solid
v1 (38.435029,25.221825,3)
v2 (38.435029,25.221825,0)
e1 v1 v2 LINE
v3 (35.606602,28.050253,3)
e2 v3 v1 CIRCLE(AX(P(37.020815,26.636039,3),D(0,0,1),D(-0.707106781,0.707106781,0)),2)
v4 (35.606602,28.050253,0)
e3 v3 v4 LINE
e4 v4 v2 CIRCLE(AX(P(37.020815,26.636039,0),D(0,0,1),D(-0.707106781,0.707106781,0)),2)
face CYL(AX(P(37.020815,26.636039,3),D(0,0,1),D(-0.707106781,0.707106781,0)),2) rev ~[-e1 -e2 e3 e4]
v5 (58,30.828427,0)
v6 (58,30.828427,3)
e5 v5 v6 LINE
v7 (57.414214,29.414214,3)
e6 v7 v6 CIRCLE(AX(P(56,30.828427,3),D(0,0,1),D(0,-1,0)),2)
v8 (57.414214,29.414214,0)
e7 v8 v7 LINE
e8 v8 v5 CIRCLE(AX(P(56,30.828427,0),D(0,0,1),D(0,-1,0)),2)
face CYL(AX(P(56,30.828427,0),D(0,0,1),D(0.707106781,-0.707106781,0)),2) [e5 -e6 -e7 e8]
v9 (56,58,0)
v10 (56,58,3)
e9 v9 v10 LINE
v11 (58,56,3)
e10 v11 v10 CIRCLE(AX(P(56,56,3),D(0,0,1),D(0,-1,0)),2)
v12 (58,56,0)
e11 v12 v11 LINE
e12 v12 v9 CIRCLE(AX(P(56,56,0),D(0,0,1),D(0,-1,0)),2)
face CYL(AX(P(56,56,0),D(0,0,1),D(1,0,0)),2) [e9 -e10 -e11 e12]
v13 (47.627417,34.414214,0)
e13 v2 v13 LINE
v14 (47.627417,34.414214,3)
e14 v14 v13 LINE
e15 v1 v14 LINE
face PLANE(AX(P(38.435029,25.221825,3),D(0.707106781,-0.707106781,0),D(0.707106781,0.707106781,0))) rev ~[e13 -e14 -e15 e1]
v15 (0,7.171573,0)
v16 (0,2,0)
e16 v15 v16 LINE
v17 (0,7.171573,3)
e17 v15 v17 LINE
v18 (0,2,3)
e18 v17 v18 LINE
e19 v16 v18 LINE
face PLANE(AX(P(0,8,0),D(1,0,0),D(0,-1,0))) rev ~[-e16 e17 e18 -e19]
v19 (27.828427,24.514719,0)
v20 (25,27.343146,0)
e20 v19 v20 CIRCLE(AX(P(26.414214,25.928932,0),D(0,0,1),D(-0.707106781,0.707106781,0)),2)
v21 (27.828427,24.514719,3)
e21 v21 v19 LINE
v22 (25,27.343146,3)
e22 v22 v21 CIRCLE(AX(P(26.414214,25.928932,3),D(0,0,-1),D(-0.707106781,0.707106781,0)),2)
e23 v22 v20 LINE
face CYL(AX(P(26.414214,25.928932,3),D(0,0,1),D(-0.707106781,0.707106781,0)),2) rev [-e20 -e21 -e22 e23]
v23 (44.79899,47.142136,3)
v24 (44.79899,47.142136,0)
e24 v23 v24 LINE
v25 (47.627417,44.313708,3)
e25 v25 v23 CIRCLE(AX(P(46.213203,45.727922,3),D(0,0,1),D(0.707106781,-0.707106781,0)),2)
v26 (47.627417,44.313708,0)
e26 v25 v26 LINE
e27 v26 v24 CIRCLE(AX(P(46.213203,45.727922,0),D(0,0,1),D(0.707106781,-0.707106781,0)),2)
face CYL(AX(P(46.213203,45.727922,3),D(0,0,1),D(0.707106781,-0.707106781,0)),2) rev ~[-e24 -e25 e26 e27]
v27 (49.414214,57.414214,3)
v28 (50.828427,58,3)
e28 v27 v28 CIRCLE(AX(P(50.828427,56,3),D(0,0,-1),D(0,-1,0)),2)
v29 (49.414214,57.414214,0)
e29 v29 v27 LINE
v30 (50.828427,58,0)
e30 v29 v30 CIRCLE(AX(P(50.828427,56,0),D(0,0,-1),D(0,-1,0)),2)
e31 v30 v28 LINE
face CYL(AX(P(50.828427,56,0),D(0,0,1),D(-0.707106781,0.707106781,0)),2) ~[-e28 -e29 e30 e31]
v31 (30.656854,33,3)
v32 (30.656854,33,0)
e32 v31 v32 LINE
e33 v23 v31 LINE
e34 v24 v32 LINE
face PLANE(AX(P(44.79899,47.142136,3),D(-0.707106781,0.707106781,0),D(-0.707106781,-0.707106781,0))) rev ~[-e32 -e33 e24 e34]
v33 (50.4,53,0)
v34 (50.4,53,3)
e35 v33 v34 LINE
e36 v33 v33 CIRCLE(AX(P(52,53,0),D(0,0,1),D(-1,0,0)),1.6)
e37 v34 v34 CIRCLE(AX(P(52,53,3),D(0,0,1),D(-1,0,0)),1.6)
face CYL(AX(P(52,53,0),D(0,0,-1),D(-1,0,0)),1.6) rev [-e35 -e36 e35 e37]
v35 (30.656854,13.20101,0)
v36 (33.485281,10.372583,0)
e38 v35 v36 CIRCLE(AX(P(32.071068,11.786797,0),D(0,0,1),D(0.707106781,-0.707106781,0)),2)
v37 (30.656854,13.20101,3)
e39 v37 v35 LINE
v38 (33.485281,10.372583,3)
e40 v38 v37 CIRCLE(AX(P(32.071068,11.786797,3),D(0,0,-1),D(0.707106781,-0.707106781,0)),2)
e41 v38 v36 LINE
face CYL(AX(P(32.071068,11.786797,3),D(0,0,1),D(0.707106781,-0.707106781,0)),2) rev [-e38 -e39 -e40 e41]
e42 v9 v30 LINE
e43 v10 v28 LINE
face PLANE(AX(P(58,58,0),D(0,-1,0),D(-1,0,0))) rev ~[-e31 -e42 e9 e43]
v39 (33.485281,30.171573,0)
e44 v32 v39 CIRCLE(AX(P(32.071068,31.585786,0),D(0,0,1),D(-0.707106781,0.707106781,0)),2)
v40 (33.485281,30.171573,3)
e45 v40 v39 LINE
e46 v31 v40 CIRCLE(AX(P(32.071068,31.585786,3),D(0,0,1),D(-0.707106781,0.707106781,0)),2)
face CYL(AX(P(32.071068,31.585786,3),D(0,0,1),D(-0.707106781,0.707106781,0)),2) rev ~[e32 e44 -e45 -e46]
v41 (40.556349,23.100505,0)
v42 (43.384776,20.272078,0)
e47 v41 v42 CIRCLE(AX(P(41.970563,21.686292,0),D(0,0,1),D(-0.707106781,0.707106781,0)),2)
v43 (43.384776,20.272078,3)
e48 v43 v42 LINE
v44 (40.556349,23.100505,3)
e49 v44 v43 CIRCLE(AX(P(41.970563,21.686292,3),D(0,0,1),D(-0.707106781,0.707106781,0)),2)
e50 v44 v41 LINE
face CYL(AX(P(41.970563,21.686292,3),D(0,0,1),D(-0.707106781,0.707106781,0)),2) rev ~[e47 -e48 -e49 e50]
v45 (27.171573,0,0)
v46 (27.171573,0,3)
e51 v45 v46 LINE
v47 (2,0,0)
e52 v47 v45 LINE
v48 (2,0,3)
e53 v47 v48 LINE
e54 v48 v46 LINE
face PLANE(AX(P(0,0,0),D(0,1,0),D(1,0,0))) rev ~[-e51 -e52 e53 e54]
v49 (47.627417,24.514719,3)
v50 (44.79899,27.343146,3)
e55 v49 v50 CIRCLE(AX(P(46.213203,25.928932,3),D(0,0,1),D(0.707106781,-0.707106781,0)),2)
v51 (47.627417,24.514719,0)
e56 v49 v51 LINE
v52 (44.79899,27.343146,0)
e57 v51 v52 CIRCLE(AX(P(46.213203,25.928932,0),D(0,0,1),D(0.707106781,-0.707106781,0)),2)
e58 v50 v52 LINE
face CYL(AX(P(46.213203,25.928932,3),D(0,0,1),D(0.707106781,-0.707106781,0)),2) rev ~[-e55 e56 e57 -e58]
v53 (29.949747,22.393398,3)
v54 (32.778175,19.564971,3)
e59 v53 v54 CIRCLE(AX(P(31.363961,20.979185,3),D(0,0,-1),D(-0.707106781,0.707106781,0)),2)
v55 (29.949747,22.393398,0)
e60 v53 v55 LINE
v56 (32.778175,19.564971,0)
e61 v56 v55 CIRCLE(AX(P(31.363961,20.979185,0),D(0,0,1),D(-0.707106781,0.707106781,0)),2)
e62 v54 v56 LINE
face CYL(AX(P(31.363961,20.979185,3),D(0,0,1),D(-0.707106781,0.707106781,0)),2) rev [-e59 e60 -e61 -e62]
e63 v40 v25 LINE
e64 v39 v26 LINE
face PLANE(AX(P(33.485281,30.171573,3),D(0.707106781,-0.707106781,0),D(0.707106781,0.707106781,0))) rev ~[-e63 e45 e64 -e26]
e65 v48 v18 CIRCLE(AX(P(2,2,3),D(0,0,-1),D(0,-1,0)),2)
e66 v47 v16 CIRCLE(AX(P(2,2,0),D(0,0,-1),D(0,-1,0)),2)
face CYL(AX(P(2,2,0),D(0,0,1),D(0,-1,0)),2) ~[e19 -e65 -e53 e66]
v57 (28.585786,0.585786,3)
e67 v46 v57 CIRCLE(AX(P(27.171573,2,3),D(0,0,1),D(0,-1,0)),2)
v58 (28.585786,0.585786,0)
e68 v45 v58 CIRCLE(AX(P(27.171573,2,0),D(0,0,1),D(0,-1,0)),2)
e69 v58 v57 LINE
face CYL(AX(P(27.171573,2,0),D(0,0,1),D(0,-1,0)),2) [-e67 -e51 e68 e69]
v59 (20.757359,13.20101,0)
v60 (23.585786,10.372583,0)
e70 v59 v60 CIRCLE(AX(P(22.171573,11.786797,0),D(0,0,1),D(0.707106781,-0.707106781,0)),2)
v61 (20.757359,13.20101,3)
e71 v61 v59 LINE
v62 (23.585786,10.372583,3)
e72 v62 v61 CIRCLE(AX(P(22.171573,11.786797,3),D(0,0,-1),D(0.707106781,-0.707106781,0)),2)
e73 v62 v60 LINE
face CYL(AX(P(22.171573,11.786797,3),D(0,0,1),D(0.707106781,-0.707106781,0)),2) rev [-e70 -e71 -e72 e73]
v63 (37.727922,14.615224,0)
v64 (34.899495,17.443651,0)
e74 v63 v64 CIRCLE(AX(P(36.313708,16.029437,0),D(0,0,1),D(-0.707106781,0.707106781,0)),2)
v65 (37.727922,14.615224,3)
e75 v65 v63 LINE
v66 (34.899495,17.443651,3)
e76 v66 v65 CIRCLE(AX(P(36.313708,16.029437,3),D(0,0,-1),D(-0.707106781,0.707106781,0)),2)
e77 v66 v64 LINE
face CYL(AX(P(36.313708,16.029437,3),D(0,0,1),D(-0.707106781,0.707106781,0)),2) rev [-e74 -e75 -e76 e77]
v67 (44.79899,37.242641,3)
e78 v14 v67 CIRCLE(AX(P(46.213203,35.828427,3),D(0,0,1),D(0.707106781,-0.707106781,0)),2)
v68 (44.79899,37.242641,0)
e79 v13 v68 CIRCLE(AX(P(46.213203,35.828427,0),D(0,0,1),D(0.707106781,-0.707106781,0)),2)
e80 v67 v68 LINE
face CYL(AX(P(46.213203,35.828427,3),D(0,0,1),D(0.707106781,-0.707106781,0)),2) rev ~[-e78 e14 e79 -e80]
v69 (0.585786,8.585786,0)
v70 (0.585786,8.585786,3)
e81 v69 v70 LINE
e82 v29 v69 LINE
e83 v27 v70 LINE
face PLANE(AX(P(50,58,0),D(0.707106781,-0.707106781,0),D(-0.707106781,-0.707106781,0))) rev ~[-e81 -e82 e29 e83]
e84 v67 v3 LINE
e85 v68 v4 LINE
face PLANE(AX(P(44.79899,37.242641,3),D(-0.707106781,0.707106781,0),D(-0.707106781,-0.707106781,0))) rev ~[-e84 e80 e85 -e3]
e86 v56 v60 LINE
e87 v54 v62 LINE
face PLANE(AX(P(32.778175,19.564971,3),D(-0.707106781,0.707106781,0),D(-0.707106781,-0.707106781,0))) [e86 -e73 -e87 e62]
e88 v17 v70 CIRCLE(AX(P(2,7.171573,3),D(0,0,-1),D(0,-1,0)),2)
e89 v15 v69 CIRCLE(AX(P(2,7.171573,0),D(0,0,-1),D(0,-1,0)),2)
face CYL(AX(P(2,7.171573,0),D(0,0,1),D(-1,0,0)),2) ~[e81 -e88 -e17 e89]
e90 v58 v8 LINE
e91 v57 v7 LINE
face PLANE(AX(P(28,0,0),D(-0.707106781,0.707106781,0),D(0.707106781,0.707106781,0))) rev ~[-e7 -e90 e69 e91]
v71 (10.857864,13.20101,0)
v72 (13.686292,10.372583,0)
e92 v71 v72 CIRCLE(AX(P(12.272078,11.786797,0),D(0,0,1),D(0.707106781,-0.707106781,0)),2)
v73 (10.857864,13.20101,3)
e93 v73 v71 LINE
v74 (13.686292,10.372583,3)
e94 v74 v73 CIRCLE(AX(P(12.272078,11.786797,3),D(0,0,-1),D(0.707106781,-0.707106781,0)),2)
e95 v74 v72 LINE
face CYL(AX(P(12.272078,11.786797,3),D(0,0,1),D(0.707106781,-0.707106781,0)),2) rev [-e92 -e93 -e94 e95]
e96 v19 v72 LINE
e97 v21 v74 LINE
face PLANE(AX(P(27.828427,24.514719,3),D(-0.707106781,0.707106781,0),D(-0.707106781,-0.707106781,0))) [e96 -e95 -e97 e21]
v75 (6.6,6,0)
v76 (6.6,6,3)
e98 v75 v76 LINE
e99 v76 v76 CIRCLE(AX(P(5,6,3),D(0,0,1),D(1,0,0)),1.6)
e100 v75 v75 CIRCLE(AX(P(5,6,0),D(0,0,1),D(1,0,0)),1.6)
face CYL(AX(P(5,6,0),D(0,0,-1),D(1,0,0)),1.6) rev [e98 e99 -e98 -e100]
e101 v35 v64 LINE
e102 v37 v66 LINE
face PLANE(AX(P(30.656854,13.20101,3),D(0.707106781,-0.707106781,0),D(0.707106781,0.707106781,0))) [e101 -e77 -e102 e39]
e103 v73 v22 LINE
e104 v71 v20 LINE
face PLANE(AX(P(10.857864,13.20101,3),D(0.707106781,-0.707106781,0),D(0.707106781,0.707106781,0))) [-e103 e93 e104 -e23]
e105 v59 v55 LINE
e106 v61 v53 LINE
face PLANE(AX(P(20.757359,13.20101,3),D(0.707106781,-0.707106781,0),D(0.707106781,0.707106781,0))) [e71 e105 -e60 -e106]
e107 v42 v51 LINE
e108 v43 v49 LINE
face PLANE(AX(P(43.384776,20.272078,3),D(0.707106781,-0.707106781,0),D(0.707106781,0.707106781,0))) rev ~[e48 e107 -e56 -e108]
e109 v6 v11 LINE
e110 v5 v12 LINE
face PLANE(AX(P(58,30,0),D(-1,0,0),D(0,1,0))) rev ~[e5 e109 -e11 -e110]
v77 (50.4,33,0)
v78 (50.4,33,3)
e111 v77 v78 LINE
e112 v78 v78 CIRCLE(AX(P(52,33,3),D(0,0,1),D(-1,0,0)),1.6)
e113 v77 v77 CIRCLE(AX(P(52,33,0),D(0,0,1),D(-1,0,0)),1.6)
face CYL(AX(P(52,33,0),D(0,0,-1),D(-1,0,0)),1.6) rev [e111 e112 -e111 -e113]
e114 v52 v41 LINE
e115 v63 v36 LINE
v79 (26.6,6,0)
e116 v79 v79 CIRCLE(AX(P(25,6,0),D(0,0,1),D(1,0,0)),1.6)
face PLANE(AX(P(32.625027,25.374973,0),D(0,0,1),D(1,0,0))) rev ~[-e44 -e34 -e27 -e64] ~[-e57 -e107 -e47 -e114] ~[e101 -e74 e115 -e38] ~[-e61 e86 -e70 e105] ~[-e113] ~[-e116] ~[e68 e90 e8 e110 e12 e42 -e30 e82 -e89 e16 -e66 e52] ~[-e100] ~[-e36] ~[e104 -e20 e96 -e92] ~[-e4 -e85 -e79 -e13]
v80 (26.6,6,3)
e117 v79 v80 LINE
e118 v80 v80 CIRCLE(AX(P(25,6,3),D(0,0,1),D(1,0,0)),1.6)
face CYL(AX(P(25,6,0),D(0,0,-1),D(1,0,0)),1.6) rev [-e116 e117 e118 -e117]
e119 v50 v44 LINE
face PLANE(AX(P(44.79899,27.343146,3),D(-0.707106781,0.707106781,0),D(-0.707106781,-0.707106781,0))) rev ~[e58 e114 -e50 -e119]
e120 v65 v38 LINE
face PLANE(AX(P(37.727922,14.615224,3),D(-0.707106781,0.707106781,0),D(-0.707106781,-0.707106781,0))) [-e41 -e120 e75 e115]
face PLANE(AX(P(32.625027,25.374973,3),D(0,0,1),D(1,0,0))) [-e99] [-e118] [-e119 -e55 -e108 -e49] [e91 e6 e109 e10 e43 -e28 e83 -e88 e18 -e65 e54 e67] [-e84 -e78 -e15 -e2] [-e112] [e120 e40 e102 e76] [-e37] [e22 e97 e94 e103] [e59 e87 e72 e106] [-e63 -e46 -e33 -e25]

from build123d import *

# Parameters (mm, degrees)
SKETCH_1_R          = 1.6
EXTRUDE_1_DEPTH     = 3
FILLET_1_R          = 2
CUT_EXTRUDE_1_DEPTH = 10


with BuildPart() as part:
    # 草图1 → 凸台-拉伸1 (new body)
    with BuildSketch(Plane.XY):
        Polygon((0, 0), (28, 0), (58, 30), (58, 58), (50, 58), (0, 8), align=None)
        with Locations((5, 6)):
            Circle(SKETCH_1_R, mode=Mode.SUBTRACT)
        with Locations((25, 6)):
            Circle(SKETCH_1_R, mode=Mode.SUBTRACT)
        with Locations(Location((52, 53, 0), (0, 0, 180))):
            Circle(SKETCH_1_R, mode=Mode.SUBTRACT)
        with Locations(Location((52, 33, 0), (0, 0, 180))):
            Circle(SKETCH_1_R, mode=Mode.SUBTRACT)
    extrude(amount=EXTRUDE_1_DEPTH)

    # 圆角1
    fillet_1_edges = [part.edges().sort_by_distance(p)[0] for p in [
        (0, 8, 1.5),
        (50, 58, 1.5),
        (58, 58, 1.5),
        (58, 30, 1.5),
        (28, 0, 1.5),
        (0, 0, 1.5),
    ]]
    fillet(fillet_1_edges, radius=FILLET_1_R)

    # 草图2 → 切除-拉伸1 (cut)
    with BuildSketch(Plane.XY.offset(3)):
        with BuildLine():
            Line((10.857864376, 13.201010127), (25, 27.343145751))
            ThreePointArc((25, 27.343145751), (27.828427125, 27.343145751), (27.828427125, 24.514718626))
            Line((27.828427125, 24.514718626), (13.686291501, 10.372583002))
            ThreePointArc((13.686291501, 10.372583002), (10.857864376, 10.372583002), (10.857864376, 13.201010127))
        make_face()
        with BuildLine():
            Line((32.778174593, 19.564971157), (23.585786438, 10.372583002))
            ThreePointArc((23.585786438, 10.372583002), (20.757359313, 10.372583002), (20.757359313, 13.201010127))
            Line((20.757359313, 13.201010127), (29.949747468, 22.393398282))
            ThreePointArc((29.949747468, 22.393398282), (32.778174593, 22.393398282), (32.778174593, 19.564971157))
        make_face()
        with BuildLine():
            Line((30.656854249, 13.201010127), (34.899494937, 17.443650814))
            ThreePointArc((34.899494937, 17.443650814), (37.727922061, 17.443650814), (37.727922061, 14.615223689))
            Line((37.727922061, 14.615223689), (33.485281374, 10.372583002))
            ThreePointArc((33.485281374, 10.372583002), (30.656854249, 10.372583002), (30.656854249, 13.201010127))
        make_face()
        with BuildLine():
            Line((44.798989873, 47.142135624), (30.656854249, 33))
            ThreePointArc((30.656854249, 33), (30.656854249, 30.171572875), (33.485281374, 30.171572875))
            Line((33.485281374, 30.171572875), (47.627416998, 44.313708499))
            ThreePointArc((47.627416998, 44.313708499), (47.627416998, 47.142135624), (44.798989873, 47.142135624))
        make_face()
        with BuildLine():
            Line((38.435028843, 25.221825407), (47.627416998, 34.414213562))
            ThreePointArc((47.627416998, 34.414213562), (47.627416998, 37.242640687), (44.798989873, 37.242640687))
            Line((44.798989873, 37.242640687), (35.606601718, 28.050252532))
            ThreePointArc((35.606601718, 28.050252532), (35.606601718, 25.221825407), (38.435028843, 25.221825407))
        make_face()
        with BuildLine():
            Line((44.798989873, 27.343145751), (40.556349186, 23.100505063))
            ThreePointArc((40.556349186, 23.100505063), (40.556349186, 20.272077939), (43.384776311, 20.272077939))
            Line((43.384776311, 20.272077939), (47.627416998, 24.514718626))
            ThreePointArc((47.627416998, 24.514718626), (47.627416998, 27.343145751), (44.798989873, 27.343145751))
        make_face()
    extrude(amount=-CUT_EXTRUDE_1_DEPTH, mode=Mode.SUBTRACT)


solid = part.part
